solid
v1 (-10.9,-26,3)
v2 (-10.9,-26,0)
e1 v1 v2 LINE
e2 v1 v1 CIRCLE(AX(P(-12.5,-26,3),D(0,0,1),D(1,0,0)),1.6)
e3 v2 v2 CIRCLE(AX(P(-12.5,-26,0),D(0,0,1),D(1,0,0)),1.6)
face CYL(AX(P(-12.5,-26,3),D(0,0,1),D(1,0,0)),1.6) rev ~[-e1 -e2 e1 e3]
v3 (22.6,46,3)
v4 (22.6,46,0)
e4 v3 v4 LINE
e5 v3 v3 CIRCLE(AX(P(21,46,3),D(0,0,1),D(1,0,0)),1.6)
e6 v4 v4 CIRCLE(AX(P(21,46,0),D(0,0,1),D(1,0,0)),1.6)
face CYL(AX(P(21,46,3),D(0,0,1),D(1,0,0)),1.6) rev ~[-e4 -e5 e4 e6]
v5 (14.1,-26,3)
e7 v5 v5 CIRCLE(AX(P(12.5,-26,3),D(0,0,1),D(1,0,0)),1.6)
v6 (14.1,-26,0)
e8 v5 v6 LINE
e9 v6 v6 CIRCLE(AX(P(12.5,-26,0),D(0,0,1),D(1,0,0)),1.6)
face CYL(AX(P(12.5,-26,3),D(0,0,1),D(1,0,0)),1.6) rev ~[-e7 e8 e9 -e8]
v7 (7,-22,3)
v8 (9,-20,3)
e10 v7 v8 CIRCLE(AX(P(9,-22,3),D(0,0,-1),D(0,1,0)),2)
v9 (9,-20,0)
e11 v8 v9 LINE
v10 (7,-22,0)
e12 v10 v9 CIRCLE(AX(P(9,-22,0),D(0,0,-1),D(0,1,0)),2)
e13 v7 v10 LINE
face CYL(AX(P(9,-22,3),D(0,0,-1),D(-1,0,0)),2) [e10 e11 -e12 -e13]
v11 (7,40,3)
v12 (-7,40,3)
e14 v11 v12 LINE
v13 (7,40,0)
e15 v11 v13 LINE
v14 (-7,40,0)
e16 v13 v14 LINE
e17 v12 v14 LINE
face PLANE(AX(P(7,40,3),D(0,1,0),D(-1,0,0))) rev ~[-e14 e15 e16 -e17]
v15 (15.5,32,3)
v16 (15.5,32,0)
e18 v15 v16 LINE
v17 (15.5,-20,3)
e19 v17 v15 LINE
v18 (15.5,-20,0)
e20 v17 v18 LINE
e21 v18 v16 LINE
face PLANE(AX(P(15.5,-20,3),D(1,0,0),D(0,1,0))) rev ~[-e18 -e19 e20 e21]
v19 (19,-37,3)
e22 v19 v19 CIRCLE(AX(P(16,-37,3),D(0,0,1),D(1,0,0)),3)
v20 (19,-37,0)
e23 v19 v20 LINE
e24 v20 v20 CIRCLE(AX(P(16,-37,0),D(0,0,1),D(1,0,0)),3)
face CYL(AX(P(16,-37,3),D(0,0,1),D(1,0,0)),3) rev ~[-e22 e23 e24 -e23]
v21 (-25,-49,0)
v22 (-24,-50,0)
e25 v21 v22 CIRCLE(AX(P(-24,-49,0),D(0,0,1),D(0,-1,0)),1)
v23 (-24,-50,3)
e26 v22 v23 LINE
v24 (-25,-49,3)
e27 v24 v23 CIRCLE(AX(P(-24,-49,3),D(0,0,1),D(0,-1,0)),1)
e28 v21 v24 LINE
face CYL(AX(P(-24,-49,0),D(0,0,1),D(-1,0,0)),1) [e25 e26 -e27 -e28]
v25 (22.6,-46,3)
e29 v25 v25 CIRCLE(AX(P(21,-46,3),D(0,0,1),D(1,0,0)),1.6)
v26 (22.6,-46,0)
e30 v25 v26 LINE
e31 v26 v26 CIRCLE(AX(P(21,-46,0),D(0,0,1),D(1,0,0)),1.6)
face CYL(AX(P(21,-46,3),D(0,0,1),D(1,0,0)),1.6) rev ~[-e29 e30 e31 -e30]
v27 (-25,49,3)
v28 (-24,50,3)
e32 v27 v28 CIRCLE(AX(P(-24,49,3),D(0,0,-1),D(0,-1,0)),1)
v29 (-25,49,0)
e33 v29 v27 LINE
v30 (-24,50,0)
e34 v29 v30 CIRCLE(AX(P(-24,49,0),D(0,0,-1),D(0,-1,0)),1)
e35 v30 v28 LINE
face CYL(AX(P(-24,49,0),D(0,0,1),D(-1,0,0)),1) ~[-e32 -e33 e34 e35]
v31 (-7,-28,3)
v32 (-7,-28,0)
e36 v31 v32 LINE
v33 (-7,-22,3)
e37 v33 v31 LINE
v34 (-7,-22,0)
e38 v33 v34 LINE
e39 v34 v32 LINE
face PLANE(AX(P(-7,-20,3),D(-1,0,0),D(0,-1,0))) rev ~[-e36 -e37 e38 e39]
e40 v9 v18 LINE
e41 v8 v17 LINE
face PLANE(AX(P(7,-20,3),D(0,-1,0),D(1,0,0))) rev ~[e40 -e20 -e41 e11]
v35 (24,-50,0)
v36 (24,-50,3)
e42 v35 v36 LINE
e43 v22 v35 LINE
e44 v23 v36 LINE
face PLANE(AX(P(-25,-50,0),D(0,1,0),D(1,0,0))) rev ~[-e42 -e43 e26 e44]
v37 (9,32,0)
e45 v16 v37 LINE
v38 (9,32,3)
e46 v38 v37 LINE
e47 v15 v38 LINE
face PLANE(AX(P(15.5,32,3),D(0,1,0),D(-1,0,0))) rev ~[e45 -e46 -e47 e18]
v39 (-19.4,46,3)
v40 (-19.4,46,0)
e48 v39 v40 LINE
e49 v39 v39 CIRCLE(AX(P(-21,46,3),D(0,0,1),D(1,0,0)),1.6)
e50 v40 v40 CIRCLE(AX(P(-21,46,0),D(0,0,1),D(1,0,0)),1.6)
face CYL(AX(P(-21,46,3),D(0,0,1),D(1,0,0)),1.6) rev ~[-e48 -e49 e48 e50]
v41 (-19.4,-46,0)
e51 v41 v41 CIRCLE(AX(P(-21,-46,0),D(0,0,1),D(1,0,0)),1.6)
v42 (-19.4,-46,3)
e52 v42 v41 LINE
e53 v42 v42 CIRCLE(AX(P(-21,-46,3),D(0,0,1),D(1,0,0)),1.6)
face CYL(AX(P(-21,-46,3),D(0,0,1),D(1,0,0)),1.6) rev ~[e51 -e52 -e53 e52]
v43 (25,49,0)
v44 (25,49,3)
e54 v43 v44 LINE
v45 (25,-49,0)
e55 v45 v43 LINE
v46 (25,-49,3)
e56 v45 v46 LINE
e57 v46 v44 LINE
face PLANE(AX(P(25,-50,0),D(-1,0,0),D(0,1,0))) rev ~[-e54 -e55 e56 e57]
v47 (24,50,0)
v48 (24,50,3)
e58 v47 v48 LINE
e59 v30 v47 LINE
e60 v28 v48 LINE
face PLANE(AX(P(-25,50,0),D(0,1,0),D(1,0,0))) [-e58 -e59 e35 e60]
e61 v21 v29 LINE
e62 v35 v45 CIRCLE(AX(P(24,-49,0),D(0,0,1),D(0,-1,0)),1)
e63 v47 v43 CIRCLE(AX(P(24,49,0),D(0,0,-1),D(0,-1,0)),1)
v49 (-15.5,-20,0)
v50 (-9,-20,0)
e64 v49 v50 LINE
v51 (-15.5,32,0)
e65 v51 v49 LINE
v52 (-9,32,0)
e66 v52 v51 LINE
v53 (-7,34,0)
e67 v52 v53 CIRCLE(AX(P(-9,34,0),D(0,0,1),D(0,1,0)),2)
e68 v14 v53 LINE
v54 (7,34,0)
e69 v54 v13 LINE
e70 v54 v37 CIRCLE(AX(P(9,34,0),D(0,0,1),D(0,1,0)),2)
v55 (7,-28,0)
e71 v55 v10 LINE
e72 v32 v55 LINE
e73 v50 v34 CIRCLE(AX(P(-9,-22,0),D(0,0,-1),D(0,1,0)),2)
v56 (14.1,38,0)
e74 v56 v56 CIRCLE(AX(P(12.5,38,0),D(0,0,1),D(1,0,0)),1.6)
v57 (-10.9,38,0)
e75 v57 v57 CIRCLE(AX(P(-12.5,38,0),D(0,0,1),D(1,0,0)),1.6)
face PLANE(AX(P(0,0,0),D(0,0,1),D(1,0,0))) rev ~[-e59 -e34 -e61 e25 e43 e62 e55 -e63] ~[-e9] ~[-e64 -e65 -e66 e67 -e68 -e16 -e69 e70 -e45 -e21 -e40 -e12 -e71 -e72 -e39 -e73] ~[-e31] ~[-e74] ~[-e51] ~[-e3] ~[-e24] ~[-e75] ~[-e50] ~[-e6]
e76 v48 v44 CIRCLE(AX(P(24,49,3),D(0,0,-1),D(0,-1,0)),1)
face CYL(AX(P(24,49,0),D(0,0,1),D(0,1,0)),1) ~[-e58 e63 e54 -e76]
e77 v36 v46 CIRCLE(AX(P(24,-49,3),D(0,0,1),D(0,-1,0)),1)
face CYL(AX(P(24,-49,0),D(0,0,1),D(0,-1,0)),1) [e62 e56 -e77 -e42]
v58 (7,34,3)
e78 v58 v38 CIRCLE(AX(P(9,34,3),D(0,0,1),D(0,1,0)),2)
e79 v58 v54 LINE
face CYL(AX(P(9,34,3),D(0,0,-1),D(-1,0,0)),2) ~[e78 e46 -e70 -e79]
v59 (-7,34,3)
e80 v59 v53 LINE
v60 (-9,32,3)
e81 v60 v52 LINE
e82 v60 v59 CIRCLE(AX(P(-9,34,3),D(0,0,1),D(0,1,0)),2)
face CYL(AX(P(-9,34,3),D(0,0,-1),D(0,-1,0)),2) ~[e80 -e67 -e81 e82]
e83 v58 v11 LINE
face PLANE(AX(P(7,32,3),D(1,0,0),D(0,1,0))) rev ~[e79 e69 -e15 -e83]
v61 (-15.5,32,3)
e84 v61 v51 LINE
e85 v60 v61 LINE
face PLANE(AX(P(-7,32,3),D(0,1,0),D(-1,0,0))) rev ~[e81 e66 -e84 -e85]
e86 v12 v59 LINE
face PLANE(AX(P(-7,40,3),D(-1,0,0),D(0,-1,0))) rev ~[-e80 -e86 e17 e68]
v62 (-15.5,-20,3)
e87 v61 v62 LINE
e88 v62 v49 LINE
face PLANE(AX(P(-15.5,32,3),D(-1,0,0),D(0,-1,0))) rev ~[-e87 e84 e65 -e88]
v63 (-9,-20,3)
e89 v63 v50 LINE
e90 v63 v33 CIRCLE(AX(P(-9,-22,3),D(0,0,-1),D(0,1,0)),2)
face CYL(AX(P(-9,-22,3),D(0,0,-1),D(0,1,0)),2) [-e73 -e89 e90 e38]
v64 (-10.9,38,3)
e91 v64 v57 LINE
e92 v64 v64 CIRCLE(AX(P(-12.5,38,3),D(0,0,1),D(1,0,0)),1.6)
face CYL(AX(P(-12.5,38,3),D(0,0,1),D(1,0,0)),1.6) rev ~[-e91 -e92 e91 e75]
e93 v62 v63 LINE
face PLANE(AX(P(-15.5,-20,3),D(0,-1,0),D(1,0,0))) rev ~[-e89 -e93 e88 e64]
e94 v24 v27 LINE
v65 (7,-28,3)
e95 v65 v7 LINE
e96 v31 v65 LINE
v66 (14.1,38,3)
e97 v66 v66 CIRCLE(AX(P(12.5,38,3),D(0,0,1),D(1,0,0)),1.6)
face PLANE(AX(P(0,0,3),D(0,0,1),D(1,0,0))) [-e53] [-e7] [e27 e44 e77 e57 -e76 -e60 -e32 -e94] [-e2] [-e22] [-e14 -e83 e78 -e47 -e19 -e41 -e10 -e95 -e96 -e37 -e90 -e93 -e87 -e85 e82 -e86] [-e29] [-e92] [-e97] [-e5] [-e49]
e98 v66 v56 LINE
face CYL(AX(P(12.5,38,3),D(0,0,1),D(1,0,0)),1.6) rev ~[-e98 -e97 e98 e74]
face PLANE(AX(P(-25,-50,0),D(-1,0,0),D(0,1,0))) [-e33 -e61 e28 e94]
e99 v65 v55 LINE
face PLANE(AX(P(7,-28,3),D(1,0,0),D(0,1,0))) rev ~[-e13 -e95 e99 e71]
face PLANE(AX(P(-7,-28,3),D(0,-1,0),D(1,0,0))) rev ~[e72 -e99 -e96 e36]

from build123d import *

# Parameters (mm, degrees)
SKETCH_W        = 50
SKETCH_H        = 100
PAD_DEPTH       = 3
SKETCH001_R     = 1.6
POCKET_DEPTH    = 3
SKETCH002_R     = 1.6
POCKET001_DEPTH = 3
SKETCH003_R     = 3
POCKET002_DEPTH = 3
FILLET_R        = 1
FILLET001_R     = 2


with BuildPart() as part:
    # Sketch → Pad (new body)
    with BuildSketch(Plane.XY):
        Rectangle(SKETCH_W, SKETCH_H)
    extrude(amount=PAD_DEPTH)

    # Sketch001 (on Face6 of Pad) → Pocket (cut)
    with BuildSketch(Plane.XY.offset(3)):
        with Locations((-21, 46)):
            Circle(SKETCH001_R)
        with Locations((21, 46)):
            Circle(SKETCH001_R)
        with Locations((-21, -46)):
            Circle(SKETCH001_R)
        with Locations((21, -46)):
            Circle(SKETCH001_R)
    extrude(amount=-POCKET_DEPTH, mode=Mode.SUBTRACT)

    # Sketch002 (on Face5 of Pocket) → Pocket001 (cut)
    with BuildSketch(Plane.XY.offset(3)):
        with Locations((-12.5, 38)):
            Circle(SKETCH002_R)
        with Locations((12.5, 38)):
            Circle(SKETCH002_R)
        with Locations((-12.5, -26)):
            Circle(SKETCH002_R)
        with Locations((12.5, -26)):
            Circle(SKETCH002_R)
        Polygon((-15.5, 32), (-15.5, -20), (-7, -20), (-7, -28), (7, -28), (7, -20), (15.5, -20), (15.5, 32), (7, 32), (7, 40), (-7, 40), (-7, 32), align=None)
    extrude(amount=-POCKET001_DEPTH, mode=Mode.SUBTRACT)

    # Sketch003 (on Face5 of Pocket001) → Pocket002 (cut)
    with BuildSketch(Plane.XY.offset(3)):
        with Locations((16, -37)):
            Circle(SKETCH003_R)
    extrude(amount=-POCKET002_DEPTH, mode=Mode.SUBTRACT)

    # Fillet
    fillet_edges = [part.edges().sort_by_distance(p)[0] for p in [
        (25, -50, 1.5),
        (-25, -50, 1.5),
        (25, 50, 1.5),
        (-25, 50, 1.5),
    ]]
    fillet(fillet_edges, radius=FILLET_R)

    # Fillet001
    fillet001_edges = [part.edges().sort_by_distance(p)[0] for p in [
        (-7, 32, 1.5),
        (7, 32, 1.5),
        (-7, -20, 1.5),
        (7, -20, 1.5),
    ]]
    fillet(fillet001_edges, radius=FILLET001_R)


solid = part.part
